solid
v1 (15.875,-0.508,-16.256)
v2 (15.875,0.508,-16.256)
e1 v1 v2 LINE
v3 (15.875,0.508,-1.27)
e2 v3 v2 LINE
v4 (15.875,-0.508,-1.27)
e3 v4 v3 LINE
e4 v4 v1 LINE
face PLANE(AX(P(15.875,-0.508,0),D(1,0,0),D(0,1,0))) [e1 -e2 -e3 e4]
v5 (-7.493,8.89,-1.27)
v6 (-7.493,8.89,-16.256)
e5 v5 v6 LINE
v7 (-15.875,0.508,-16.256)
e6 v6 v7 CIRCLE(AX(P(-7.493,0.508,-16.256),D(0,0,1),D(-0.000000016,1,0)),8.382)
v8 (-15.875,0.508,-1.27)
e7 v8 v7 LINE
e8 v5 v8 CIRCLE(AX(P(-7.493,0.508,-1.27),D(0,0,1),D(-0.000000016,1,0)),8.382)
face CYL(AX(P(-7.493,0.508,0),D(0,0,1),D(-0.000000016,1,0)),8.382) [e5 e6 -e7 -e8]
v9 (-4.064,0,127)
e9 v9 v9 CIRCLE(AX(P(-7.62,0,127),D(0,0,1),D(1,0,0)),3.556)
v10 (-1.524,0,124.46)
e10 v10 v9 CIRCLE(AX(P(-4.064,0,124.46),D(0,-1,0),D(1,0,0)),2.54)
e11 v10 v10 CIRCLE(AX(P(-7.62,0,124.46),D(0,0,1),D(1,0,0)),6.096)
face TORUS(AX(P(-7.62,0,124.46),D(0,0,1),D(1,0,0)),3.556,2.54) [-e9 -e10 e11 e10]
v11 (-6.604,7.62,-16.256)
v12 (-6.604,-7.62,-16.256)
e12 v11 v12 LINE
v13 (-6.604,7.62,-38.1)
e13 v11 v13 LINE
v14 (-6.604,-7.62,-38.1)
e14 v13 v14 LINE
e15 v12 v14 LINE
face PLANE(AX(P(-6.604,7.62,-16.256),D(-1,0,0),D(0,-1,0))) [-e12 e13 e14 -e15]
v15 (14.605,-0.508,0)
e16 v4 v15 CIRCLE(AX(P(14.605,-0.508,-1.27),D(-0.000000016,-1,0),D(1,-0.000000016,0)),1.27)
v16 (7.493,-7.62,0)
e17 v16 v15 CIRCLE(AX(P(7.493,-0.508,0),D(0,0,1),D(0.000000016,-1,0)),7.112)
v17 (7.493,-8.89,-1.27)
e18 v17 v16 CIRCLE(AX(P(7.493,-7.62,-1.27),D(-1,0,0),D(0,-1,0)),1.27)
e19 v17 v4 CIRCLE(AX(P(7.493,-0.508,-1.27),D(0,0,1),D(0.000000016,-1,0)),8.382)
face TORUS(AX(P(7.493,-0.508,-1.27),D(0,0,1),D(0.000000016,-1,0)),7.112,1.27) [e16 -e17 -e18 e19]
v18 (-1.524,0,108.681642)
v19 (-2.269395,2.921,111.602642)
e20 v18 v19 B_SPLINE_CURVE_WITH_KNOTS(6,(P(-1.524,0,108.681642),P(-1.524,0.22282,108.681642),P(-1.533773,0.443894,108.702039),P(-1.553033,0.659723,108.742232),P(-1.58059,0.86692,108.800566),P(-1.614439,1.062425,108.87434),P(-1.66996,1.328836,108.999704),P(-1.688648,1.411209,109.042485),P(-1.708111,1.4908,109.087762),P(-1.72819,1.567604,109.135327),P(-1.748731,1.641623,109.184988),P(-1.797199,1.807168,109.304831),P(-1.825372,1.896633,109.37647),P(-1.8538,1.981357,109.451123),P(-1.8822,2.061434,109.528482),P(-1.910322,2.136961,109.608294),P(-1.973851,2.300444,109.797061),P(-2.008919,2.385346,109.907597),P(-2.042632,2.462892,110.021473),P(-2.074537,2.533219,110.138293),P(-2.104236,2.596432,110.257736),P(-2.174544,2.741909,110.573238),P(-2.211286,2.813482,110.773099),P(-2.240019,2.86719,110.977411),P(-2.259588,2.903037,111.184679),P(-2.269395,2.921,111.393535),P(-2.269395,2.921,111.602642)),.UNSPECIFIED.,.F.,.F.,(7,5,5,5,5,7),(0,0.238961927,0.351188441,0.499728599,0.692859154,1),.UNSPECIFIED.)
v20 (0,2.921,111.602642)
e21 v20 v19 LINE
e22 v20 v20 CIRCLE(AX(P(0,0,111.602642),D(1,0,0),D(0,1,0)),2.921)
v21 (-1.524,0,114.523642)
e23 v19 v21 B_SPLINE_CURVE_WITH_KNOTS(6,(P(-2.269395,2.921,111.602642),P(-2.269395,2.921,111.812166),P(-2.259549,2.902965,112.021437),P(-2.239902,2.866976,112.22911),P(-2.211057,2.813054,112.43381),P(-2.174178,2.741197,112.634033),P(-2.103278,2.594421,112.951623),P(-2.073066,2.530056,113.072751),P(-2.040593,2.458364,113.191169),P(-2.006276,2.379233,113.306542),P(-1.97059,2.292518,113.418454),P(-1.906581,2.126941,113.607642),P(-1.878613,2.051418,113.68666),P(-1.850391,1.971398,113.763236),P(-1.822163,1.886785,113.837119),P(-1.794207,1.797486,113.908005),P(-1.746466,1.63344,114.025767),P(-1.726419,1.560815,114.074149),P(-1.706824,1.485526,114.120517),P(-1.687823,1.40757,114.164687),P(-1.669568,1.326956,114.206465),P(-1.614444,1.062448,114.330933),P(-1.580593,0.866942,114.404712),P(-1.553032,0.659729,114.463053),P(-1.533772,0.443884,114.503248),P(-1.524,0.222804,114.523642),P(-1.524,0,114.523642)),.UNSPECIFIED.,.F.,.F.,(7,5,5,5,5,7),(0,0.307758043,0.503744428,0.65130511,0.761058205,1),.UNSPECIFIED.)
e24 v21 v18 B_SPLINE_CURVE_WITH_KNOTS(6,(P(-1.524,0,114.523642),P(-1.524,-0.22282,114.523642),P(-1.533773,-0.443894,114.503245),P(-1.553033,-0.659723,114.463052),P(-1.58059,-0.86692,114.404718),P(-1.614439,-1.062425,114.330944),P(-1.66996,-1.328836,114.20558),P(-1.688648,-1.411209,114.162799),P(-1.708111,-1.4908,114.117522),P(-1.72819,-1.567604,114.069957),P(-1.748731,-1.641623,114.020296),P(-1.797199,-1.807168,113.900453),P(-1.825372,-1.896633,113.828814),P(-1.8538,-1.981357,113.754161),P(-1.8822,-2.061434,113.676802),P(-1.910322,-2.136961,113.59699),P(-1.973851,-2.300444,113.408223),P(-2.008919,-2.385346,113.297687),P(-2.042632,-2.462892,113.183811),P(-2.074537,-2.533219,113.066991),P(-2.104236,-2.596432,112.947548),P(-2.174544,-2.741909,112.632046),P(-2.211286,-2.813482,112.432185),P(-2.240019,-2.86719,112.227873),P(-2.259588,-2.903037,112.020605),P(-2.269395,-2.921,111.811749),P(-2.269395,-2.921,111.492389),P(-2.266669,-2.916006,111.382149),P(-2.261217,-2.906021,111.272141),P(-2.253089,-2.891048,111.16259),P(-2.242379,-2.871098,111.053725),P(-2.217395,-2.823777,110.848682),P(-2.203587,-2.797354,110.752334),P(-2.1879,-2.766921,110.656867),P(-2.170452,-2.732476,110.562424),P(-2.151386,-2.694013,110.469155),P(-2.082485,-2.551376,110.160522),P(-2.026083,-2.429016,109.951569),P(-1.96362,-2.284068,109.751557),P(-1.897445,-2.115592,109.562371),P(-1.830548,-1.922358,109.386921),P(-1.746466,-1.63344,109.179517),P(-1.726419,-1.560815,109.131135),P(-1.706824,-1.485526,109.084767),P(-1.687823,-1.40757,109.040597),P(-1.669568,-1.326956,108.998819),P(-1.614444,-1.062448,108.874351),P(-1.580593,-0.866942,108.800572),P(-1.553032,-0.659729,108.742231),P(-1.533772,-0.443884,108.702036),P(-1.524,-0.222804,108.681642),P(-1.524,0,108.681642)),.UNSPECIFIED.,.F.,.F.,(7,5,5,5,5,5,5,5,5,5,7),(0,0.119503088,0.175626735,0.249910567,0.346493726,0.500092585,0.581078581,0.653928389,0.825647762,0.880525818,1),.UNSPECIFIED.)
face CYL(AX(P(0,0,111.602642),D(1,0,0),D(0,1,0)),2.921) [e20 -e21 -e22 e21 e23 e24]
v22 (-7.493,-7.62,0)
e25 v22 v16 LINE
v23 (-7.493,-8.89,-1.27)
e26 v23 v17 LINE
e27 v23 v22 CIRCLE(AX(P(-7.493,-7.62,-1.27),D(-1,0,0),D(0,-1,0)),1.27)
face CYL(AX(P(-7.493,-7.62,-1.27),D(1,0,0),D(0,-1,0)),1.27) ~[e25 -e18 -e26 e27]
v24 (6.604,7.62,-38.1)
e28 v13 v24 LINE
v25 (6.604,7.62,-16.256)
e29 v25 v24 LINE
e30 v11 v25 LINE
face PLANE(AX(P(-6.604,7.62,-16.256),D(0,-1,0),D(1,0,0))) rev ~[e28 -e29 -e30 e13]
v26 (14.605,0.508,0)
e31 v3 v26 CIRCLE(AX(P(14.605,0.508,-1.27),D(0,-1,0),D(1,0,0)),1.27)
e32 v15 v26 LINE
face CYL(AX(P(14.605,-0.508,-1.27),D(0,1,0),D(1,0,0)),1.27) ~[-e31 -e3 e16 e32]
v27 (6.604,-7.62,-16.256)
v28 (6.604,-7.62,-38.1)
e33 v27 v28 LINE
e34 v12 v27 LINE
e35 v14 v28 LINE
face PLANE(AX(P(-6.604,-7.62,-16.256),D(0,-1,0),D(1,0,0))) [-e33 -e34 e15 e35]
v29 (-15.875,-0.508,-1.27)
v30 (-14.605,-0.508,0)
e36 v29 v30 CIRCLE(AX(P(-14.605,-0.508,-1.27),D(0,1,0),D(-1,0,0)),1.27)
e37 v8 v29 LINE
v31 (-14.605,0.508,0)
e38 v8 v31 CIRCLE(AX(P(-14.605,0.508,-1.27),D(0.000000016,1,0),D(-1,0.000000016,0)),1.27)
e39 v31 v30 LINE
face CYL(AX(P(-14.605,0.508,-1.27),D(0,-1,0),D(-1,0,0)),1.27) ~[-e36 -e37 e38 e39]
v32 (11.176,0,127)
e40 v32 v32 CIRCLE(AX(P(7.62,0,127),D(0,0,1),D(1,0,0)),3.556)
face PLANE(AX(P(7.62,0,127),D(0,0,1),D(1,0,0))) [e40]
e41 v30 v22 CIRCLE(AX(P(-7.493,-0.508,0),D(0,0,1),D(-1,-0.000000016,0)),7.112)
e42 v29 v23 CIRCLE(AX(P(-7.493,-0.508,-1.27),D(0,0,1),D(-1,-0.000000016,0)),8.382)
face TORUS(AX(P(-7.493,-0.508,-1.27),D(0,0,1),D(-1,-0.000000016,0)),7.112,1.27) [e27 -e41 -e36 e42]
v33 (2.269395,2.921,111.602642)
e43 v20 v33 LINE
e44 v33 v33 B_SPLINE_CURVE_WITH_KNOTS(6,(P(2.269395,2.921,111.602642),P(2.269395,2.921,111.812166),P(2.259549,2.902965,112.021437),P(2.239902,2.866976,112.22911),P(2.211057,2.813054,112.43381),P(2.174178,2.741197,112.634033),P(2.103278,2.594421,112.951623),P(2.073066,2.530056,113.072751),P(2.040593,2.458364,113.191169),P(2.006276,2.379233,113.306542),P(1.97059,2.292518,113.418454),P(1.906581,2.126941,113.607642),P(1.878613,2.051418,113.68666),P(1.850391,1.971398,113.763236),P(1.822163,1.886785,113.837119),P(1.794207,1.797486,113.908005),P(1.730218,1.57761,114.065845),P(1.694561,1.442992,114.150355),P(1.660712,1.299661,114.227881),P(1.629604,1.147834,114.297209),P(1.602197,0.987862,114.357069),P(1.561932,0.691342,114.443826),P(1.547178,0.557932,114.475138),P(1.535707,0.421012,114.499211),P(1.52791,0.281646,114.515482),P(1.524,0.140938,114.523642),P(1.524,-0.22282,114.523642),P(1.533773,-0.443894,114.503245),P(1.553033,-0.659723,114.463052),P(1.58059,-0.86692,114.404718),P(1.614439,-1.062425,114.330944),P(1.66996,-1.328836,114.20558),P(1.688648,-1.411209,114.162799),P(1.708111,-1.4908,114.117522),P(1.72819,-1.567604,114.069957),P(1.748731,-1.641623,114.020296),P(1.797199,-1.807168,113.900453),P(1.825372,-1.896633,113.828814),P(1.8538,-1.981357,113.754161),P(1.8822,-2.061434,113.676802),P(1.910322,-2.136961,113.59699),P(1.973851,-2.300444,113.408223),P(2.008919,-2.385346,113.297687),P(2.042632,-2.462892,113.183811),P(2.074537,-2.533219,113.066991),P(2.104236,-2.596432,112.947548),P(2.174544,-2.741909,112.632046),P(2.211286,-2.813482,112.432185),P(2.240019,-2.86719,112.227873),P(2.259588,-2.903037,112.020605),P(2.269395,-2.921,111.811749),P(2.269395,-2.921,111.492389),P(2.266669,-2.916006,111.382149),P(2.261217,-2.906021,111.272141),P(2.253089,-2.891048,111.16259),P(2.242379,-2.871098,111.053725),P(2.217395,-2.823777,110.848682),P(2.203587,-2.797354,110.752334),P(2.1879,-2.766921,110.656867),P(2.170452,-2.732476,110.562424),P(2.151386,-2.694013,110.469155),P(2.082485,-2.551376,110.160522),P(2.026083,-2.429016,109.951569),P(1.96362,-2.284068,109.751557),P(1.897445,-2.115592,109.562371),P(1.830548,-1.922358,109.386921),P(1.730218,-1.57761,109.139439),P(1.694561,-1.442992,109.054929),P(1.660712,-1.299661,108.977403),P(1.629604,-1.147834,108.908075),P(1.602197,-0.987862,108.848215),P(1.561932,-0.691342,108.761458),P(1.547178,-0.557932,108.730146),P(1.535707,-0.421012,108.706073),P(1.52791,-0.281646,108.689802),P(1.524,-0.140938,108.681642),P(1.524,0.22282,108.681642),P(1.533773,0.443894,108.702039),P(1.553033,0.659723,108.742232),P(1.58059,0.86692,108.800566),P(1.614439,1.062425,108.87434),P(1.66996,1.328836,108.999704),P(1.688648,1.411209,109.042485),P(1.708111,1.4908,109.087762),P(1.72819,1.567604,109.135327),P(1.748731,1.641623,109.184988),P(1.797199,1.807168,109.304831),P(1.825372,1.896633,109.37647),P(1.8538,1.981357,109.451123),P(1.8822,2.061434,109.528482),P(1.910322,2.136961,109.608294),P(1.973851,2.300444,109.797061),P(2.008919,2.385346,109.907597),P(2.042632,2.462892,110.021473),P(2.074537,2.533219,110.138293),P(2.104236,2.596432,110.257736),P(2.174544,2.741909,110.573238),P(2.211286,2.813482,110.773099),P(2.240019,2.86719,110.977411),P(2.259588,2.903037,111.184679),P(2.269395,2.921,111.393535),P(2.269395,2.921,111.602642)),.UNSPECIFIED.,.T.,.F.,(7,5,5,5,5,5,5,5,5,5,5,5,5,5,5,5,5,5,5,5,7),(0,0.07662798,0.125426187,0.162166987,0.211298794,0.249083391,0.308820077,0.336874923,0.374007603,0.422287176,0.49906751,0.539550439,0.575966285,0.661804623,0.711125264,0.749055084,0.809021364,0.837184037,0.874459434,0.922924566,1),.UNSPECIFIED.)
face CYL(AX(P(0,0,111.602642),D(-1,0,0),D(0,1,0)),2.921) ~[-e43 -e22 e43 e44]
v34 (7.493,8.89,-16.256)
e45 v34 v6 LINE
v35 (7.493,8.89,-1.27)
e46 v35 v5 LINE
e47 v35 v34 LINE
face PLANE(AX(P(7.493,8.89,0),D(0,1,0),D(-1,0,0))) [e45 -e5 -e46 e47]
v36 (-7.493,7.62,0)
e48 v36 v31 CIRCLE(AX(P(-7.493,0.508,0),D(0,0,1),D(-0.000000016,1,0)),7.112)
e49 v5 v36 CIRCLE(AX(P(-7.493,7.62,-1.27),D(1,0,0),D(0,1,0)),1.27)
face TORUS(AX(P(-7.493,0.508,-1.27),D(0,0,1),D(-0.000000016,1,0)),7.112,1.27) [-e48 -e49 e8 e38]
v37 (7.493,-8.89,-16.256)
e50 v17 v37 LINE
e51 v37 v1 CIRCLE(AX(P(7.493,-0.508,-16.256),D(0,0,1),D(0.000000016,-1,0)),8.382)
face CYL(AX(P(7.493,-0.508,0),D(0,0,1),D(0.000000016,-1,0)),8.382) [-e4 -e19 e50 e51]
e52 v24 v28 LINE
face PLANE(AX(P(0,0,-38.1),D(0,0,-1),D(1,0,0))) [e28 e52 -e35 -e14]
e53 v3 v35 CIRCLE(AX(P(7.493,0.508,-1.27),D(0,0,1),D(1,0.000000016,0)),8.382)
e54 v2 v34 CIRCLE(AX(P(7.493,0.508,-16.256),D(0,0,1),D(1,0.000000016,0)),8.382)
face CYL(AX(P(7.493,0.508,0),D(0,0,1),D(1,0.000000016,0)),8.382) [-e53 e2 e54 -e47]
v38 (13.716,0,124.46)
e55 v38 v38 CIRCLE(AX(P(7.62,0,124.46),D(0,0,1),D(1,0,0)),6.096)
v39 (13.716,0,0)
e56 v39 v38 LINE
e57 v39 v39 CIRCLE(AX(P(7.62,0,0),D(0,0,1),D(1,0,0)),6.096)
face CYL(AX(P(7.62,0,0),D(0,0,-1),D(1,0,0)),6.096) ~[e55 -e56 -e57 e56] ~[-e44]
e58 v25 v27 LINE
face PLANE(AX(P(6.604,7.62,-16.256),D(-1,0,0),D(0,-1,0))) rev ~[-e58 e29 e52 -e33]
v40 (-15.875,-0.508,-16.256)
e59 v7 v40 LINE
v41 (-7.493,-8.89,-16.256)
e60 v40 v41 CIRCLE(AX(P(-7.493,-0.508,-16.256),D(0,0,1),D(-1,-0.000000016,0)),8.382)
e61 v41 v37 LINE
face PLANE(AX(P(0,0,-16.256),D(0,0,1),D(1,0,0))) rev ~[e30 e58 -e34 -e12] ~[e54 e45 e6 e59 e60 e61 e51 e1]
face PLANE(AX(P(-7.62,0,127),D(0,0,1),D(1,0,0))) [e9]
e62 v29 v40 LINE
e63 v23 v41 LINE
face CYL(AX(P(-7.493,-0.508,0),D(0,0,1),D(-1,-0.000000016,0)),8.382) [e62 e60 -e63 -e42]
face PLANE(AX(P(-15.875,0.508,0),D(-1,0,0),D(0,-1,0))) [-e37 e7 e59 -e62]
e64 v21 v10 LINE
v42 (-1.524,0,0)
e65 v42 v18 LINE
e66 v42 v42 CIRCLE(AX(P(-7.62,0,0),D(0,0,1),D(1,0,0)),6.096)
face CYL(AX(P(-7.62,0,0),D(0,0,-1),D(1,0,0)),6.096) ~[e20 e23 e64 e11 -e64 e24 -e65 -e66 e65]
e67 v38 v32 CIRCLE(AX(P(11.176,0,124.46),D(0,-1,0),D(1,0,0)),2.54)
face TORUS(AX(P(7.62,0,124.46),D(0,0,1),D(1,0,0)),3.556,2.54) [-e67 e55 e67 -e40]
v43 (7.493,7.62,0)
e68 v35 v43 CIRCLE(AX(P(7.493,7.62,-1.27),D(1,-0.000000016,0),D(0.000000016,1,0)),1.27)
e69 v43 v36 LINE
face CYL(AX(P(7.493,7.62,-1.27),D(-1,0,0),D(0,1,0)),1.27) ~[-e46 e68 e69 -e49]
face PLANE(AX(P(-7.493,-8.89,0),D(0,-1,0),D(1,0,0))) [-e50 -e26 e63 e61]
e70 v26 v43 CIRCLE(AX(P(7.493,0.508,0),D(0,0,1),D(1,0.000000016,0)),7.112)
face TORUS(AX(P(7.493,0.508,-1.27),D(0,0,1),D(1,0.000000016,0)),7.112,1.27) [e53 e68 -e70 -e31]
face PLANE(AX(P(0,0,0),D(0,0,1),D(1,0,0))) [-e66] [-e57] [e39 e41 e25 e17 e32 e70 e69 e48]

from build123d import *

# Parameters (mm, degrees)
F0_R          = 6.096
F1_DEPTH      = 127
F2_R          = 2.921
F3_DEPTH      = 5.08
F3_DEPTH_BACK = 5.08
F4_R          = 2.54
F6_DEPTH      = 16.256
F7_R          = 1.27
F8_W          = 13.208
F8_H          = 15.24
F9_DEPTH      = 21.844


with BuildPart() as f1:
    # F0 (on Top) → F1 (new body)
    with BuildSketch(Plane.XY):
        with Locations((7.62, 0)):
            Circle(F0_R)
        with Locations((-7.62, 0)):
            Circle(F0_R)
    extrude(amount=F1_DEPTH)

    # F2 (on Right) → F3 (join, two sides)
    with BuildSketch(Plane.YZ) as f3_sk:
        with Locations((0, 111.602642)):
            Circle(F2_R)
    extrude(amount=F3_DEPTH)
    extrude(f3_sk.sketch, amount=-F3_DEPTH_BACK)

    # F4
    f4_edges = [f1.edges().sort_by_distance(p)[0] for p in [
        (-13.716, 0, 127),
        (1.524, 0, 127),
    ]]
    fillet(f4_edges, radius=F4_R)

    # F5 (on Top) → F6 (join)
    with BuildSketch(Plane.XY):
        with BuildLine():
            ThreePointArc((-15.875, -0.508), (-13.419969, -6.434969), (-7.493, -8.89))
            Line((-7.493, -8.89), (7.493, -8.89))
            ThreePointArc((7.493, -8.89), (13.419969, -6.434969), (15.875, -0.508))
            Line((15.875, -0.508), (15.875, 0.508))
            ThreePointArc((15.875, 0.508), (13.419969, 6.434969), (7.493, 8.89))
            Line((7.493, 8.89), (-7.493, 8.89))
            ThreePointArc((-7.493, 8.89), (-13.419969, 6.434969), (-15.875, 0.508))
            Line((-15.875, 0.508), (-15.875, -0.508))
        make_face()
    extrude(amount=-F6_DEPTH)

    # F7
    f7_edges = [f1.edges().sort_by_distance(p)[0] for p in [
        (0, -8.89, 0),
    ]]
    fillet(f7_edges, radius=F7_R)

    # F8 (on face) → F9 (join)
    with BuildSketch(Plane(origin=(0, 0, -16.256), x_dir=(1, 0, 0), z_dir=(0, 0, -1))):
        Rectangle(F8_W, F8_H)
    extrude(amount=F9_DEPTH)


solid = f1.part
